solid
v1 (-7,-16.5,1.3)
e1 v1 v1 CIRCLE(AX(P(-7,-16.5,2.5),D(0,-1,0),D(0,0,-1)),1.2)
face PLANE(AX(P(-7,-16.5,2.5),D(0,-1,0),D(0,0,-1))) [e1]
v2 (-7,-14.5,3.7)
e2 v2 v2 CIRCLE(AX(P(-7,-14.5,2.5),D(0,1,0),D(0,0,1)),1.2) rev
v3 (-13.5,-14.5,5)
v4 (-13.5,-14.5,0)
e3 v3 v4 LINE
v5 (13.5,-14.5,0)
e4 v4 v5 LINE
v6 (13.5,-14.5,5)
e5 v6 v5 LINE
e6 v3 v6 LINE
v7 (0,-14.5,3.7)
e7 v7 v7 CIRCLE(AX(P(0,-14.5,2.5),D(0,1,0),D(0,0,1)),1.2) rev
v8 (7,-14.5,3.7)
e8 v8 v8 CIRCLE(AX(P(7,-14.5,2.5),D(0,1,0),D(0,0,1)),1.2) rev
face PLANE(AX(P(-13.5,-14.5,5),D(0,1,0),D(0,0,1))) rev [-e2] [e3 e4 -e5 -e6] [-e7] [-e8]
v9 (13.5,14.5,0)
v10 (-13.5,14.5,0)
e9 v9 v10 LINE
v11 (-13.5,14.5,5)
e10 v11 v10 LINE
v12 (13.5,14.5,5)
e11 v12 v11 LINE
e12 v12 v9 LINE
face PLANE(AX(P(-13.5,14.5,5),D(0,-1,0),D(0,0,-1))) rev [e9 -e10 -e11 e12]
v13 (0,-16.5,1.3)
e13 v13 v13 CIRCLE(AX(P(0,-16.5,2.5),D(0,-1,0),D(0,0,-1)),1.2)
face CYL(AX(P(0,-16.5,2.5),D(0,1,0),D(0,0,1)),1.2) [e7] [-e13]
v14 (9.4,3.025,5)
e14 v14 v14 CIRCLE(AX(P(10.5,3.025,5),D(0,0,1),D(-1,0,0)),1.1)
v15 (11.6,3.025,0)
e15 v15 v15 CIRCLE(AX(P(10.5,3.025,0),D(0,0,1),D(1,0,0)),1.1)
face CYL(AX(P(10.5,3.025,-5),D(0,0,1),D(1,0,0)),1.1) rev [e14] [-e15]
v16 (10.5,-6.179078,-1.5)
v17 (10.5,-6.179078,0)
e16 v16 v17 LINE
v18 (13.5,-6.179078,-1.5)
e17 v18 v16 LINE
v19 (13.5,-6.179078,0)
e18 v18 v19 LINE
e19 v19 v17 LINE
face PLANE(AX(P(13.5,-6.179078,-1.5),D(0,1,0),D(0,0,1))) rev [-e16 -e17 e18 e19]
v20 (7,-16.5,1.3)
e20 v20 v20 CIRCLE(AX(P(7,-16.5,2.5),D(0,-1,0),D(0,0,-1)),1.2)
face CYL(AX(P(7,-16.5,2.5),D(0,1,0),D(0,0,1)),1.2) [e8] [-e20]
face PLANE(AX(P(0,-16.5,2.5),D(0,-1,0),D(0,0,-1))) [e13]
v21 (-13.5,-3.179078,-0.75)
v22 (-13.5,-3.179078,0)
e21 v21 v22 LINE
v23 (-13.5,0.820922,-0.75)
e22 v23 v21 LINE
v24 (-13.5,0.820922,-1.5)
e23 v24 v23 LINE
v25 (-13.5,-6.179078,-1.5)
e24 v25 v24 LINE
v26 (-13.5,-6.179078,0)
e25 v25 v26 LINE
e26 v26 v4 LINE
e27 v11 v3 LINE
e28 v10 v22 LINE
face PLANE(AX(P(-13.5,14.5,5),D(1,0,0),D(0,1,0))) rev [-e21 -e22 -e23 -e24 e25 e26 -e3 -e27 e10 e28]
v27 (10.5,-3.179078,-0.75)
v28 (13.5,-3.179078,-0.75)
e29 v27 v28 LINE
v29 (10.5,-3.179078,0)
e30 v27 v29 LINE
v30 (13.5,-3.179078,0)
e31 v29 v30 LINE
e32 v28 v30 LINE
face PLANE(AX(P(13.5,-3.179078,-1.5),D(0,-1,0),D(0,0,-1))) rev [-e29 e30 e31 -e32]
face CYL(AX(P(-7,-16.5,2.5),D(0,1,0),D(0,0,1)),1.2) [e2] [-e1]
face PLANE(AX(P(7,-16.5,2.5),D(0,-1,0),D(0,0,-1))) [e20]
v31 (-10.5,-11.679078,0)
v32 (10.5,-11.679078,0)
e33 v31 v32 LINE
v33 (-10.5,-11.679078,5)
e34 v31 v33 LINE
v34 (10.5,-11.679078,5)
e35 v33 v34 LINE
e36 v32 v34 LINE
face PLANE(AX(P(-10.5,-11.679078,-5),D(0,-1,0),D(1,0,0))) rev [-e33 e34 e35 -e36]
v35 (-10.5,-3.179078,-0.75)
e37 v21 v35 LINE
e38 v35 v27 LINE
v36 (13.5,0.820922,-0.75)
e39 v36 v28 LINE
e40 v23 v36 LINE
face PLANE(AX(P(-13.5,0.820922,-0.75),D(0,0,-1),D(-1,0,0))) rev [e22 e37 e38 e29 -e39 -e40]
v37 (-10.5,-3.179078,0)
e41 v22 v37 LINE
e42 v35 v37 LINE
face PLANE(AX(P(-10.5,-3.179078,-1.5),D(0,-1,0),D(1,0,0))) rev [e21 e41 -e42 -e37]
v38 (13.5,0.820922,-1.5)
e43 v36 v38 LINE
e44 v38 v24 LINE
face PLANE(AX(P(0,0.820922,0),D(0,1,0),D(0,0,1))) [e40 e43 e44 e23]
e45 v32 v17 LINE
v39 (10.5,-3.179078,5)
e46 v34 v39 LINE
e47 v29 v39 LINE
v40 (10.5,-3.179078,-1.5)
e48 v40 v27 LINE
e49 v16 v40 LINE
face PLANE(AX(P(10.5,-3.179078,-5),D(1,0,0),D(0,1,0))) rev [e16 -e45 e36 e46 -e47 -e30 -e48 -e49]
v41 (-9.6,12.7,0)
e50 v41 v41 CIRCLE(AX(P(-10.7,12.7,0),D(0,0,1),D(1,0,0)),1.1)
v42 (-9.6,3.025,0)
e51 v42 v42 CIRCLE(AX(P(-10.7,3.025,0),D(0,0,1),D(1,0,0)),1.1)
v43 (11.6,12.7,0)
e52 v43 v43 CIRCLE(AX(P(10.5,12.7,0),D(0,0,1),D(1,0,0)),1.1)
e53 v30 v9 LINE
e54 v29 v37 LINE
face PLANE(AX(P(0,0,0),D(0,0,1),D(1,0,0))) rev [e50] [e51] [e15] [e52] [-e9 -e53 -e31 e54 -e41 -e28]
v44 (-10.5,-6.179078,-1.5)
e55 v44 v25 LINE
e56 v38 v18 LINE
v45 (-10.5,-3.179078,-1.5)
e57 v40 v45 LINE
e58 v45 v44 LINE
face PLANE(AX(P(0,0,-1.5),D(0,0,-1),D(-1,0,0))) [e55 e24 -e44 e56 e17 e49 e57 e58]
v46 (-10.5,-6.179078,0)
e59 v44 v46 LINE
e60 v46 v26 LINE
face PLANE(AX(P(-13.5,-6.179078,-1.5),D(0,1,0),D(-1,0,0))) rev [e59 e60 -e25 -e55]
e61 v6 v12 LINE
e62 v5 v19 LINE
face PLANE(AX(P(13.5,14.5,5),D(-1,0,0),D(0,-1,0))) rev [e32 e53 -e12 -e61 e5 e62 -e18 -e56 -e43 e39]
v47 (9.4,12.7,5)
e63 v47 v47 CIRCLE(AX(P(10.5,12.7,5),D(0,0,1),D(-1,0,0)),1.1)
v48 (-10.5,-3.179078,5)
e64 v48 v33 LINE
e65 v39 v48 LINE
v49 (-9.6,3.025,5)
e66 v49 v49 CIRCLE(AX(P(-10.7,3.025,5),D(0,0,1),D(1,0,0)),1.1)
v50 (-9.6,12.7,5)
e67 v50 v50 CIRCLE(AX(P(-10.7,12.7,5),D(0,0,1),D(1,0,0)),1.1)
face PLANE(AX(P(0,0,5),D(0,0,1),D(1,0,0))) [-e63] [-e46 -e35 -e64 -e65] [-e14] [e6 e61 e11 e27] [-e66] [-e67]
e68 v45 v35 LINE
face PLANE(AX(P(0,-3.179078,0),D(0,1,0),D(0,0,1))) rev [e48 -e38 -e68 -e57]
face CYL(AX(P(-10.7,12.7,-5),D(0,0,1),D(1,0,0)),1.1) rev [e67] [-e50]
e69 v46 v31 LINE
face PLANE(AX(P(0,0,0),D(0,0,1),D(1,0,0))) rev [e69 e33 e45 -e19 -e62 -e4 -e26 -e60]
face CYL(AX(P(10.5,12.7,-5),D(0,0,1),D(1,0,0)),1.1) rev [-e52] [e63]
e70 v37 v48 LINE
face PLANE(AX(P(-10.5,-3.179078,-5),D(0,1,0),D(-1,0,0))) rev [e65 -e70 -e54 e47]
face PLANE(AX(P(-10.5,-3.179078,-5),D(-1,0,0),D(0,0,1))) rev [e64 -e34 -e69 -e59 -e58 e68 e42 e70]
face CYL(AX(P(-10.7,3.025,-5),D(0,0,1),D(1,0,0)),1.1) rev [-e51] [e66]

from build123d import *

# Parameters (mm, degrees)
SKETCH1_W           = 27
SKETCH1_H           = 29
BOSS_EXTRUDE1_DEPTH = 5
SKETCH3_R           = 1.1
CUT_EXTRUDE2_DEPTH  = 10
SKETCH4_W           = 21
SKETCH4_H           = 8.5
CUT_EXTRUDE3_DEPTH  = 10
SKETCH2_R           = 1.2
BOSS_EXTRUDE2_DEPTH = 2
SKETCH7_W           = 3
SKETCH7_H           = 3
BOSS_EXTRUDE5_DEPTH = 1.5
SKETCH8_W           = 27
SKETCH8_H           = 0.75
BOSS_EXTRUDE6_DEPTH = 4


with BuildPart() as part:
    # Sketch1 → Boss-Extrude1 (new body)
    with BuildSketch(Plane.XY):
        Rectangle(SKETCH1_W, SKETCH1_H)
    extrude(amount=BOSS_EXTRUDE1_DEPTH)

    # Sketch3 → Cut-Extrude2 (cut)
    with BuildSketch(Plane.XY.offset(5)):
        with Locations((-10.7, 12.7)):
            Circle(SKETCH3_R)
        with Locations((10.5, 12.7)):
            Circle(SKETCH3_R)
        with Locations((-10.7, 3.025)):
            Circle(SKETCH3_R)
        with Locations((10.5, 3.025)):
            Circle(SKETCH3_R)
    extrude(amount=-CUT_EXTRUDE2_DEPTH, mode=Mode.SUBTRACT)

    # Sketch4 → Cut-Extrude3 (cut)
    with BuildSketch(Plane.XY.offset(5)):
        with Locations((0, -7.429078055)):
            Rectangle(SKETCH4_W, SKETCH4_H)
    extrude(amount=-CUT_EXTRUDE3_DEPTH, mode=Mode.SUBTRACT)

    # Sketch2 → Boss-Extrude2 (add)
    with BuildSketch(Plane.XZ.offset(14.5)):
        with Locations(Location((-7, 2.5, 0), (0, 0, 90))):
            Circle(SKETCH2_R)
        with Locations(Location((0, 2.5, 0), (0, 0, 90))):
            Circle(SKETCH2_R)
        with Locations(Location((7, 2.5, 0), (0, 0, 90))):
            Circle(SKETCH2_R)
    extrude(amount=BOSS_EXTRUDE2_DEPTH)

    # Sketch7 → Boss-Extrude5 (add)
    with BuildSketch(Plane(origin=(0, 0, 0), x_dir=(-1, 0, 0), z_dir=(0, 0, -1))):
        with Locations((-12, -4.679078055)):
            Rectangle(SKETCH7_W, SKETCH7_H)
        with Locations((12, -4.679078055)):
            Rectangle(SKETCH7_W, SKETCH7_H)
    extrude(amount=BOSS_EXTRUDE5_DEPTH)

    # Sketch8 → Boss-Extrude6 (add)
    with BuildSketch(Plane(origin=(0, -3.179078055, 0), x_dir=(1, 0, 0), z_dir=(0, 1, 0))):
        with Locations((0, 1.125)):
            Rectangle(SKETCH8_W, SKETCH8_H)
    extrude(amount=BOSS_EXTRUDE6_DEPTH)


solid = part.part
